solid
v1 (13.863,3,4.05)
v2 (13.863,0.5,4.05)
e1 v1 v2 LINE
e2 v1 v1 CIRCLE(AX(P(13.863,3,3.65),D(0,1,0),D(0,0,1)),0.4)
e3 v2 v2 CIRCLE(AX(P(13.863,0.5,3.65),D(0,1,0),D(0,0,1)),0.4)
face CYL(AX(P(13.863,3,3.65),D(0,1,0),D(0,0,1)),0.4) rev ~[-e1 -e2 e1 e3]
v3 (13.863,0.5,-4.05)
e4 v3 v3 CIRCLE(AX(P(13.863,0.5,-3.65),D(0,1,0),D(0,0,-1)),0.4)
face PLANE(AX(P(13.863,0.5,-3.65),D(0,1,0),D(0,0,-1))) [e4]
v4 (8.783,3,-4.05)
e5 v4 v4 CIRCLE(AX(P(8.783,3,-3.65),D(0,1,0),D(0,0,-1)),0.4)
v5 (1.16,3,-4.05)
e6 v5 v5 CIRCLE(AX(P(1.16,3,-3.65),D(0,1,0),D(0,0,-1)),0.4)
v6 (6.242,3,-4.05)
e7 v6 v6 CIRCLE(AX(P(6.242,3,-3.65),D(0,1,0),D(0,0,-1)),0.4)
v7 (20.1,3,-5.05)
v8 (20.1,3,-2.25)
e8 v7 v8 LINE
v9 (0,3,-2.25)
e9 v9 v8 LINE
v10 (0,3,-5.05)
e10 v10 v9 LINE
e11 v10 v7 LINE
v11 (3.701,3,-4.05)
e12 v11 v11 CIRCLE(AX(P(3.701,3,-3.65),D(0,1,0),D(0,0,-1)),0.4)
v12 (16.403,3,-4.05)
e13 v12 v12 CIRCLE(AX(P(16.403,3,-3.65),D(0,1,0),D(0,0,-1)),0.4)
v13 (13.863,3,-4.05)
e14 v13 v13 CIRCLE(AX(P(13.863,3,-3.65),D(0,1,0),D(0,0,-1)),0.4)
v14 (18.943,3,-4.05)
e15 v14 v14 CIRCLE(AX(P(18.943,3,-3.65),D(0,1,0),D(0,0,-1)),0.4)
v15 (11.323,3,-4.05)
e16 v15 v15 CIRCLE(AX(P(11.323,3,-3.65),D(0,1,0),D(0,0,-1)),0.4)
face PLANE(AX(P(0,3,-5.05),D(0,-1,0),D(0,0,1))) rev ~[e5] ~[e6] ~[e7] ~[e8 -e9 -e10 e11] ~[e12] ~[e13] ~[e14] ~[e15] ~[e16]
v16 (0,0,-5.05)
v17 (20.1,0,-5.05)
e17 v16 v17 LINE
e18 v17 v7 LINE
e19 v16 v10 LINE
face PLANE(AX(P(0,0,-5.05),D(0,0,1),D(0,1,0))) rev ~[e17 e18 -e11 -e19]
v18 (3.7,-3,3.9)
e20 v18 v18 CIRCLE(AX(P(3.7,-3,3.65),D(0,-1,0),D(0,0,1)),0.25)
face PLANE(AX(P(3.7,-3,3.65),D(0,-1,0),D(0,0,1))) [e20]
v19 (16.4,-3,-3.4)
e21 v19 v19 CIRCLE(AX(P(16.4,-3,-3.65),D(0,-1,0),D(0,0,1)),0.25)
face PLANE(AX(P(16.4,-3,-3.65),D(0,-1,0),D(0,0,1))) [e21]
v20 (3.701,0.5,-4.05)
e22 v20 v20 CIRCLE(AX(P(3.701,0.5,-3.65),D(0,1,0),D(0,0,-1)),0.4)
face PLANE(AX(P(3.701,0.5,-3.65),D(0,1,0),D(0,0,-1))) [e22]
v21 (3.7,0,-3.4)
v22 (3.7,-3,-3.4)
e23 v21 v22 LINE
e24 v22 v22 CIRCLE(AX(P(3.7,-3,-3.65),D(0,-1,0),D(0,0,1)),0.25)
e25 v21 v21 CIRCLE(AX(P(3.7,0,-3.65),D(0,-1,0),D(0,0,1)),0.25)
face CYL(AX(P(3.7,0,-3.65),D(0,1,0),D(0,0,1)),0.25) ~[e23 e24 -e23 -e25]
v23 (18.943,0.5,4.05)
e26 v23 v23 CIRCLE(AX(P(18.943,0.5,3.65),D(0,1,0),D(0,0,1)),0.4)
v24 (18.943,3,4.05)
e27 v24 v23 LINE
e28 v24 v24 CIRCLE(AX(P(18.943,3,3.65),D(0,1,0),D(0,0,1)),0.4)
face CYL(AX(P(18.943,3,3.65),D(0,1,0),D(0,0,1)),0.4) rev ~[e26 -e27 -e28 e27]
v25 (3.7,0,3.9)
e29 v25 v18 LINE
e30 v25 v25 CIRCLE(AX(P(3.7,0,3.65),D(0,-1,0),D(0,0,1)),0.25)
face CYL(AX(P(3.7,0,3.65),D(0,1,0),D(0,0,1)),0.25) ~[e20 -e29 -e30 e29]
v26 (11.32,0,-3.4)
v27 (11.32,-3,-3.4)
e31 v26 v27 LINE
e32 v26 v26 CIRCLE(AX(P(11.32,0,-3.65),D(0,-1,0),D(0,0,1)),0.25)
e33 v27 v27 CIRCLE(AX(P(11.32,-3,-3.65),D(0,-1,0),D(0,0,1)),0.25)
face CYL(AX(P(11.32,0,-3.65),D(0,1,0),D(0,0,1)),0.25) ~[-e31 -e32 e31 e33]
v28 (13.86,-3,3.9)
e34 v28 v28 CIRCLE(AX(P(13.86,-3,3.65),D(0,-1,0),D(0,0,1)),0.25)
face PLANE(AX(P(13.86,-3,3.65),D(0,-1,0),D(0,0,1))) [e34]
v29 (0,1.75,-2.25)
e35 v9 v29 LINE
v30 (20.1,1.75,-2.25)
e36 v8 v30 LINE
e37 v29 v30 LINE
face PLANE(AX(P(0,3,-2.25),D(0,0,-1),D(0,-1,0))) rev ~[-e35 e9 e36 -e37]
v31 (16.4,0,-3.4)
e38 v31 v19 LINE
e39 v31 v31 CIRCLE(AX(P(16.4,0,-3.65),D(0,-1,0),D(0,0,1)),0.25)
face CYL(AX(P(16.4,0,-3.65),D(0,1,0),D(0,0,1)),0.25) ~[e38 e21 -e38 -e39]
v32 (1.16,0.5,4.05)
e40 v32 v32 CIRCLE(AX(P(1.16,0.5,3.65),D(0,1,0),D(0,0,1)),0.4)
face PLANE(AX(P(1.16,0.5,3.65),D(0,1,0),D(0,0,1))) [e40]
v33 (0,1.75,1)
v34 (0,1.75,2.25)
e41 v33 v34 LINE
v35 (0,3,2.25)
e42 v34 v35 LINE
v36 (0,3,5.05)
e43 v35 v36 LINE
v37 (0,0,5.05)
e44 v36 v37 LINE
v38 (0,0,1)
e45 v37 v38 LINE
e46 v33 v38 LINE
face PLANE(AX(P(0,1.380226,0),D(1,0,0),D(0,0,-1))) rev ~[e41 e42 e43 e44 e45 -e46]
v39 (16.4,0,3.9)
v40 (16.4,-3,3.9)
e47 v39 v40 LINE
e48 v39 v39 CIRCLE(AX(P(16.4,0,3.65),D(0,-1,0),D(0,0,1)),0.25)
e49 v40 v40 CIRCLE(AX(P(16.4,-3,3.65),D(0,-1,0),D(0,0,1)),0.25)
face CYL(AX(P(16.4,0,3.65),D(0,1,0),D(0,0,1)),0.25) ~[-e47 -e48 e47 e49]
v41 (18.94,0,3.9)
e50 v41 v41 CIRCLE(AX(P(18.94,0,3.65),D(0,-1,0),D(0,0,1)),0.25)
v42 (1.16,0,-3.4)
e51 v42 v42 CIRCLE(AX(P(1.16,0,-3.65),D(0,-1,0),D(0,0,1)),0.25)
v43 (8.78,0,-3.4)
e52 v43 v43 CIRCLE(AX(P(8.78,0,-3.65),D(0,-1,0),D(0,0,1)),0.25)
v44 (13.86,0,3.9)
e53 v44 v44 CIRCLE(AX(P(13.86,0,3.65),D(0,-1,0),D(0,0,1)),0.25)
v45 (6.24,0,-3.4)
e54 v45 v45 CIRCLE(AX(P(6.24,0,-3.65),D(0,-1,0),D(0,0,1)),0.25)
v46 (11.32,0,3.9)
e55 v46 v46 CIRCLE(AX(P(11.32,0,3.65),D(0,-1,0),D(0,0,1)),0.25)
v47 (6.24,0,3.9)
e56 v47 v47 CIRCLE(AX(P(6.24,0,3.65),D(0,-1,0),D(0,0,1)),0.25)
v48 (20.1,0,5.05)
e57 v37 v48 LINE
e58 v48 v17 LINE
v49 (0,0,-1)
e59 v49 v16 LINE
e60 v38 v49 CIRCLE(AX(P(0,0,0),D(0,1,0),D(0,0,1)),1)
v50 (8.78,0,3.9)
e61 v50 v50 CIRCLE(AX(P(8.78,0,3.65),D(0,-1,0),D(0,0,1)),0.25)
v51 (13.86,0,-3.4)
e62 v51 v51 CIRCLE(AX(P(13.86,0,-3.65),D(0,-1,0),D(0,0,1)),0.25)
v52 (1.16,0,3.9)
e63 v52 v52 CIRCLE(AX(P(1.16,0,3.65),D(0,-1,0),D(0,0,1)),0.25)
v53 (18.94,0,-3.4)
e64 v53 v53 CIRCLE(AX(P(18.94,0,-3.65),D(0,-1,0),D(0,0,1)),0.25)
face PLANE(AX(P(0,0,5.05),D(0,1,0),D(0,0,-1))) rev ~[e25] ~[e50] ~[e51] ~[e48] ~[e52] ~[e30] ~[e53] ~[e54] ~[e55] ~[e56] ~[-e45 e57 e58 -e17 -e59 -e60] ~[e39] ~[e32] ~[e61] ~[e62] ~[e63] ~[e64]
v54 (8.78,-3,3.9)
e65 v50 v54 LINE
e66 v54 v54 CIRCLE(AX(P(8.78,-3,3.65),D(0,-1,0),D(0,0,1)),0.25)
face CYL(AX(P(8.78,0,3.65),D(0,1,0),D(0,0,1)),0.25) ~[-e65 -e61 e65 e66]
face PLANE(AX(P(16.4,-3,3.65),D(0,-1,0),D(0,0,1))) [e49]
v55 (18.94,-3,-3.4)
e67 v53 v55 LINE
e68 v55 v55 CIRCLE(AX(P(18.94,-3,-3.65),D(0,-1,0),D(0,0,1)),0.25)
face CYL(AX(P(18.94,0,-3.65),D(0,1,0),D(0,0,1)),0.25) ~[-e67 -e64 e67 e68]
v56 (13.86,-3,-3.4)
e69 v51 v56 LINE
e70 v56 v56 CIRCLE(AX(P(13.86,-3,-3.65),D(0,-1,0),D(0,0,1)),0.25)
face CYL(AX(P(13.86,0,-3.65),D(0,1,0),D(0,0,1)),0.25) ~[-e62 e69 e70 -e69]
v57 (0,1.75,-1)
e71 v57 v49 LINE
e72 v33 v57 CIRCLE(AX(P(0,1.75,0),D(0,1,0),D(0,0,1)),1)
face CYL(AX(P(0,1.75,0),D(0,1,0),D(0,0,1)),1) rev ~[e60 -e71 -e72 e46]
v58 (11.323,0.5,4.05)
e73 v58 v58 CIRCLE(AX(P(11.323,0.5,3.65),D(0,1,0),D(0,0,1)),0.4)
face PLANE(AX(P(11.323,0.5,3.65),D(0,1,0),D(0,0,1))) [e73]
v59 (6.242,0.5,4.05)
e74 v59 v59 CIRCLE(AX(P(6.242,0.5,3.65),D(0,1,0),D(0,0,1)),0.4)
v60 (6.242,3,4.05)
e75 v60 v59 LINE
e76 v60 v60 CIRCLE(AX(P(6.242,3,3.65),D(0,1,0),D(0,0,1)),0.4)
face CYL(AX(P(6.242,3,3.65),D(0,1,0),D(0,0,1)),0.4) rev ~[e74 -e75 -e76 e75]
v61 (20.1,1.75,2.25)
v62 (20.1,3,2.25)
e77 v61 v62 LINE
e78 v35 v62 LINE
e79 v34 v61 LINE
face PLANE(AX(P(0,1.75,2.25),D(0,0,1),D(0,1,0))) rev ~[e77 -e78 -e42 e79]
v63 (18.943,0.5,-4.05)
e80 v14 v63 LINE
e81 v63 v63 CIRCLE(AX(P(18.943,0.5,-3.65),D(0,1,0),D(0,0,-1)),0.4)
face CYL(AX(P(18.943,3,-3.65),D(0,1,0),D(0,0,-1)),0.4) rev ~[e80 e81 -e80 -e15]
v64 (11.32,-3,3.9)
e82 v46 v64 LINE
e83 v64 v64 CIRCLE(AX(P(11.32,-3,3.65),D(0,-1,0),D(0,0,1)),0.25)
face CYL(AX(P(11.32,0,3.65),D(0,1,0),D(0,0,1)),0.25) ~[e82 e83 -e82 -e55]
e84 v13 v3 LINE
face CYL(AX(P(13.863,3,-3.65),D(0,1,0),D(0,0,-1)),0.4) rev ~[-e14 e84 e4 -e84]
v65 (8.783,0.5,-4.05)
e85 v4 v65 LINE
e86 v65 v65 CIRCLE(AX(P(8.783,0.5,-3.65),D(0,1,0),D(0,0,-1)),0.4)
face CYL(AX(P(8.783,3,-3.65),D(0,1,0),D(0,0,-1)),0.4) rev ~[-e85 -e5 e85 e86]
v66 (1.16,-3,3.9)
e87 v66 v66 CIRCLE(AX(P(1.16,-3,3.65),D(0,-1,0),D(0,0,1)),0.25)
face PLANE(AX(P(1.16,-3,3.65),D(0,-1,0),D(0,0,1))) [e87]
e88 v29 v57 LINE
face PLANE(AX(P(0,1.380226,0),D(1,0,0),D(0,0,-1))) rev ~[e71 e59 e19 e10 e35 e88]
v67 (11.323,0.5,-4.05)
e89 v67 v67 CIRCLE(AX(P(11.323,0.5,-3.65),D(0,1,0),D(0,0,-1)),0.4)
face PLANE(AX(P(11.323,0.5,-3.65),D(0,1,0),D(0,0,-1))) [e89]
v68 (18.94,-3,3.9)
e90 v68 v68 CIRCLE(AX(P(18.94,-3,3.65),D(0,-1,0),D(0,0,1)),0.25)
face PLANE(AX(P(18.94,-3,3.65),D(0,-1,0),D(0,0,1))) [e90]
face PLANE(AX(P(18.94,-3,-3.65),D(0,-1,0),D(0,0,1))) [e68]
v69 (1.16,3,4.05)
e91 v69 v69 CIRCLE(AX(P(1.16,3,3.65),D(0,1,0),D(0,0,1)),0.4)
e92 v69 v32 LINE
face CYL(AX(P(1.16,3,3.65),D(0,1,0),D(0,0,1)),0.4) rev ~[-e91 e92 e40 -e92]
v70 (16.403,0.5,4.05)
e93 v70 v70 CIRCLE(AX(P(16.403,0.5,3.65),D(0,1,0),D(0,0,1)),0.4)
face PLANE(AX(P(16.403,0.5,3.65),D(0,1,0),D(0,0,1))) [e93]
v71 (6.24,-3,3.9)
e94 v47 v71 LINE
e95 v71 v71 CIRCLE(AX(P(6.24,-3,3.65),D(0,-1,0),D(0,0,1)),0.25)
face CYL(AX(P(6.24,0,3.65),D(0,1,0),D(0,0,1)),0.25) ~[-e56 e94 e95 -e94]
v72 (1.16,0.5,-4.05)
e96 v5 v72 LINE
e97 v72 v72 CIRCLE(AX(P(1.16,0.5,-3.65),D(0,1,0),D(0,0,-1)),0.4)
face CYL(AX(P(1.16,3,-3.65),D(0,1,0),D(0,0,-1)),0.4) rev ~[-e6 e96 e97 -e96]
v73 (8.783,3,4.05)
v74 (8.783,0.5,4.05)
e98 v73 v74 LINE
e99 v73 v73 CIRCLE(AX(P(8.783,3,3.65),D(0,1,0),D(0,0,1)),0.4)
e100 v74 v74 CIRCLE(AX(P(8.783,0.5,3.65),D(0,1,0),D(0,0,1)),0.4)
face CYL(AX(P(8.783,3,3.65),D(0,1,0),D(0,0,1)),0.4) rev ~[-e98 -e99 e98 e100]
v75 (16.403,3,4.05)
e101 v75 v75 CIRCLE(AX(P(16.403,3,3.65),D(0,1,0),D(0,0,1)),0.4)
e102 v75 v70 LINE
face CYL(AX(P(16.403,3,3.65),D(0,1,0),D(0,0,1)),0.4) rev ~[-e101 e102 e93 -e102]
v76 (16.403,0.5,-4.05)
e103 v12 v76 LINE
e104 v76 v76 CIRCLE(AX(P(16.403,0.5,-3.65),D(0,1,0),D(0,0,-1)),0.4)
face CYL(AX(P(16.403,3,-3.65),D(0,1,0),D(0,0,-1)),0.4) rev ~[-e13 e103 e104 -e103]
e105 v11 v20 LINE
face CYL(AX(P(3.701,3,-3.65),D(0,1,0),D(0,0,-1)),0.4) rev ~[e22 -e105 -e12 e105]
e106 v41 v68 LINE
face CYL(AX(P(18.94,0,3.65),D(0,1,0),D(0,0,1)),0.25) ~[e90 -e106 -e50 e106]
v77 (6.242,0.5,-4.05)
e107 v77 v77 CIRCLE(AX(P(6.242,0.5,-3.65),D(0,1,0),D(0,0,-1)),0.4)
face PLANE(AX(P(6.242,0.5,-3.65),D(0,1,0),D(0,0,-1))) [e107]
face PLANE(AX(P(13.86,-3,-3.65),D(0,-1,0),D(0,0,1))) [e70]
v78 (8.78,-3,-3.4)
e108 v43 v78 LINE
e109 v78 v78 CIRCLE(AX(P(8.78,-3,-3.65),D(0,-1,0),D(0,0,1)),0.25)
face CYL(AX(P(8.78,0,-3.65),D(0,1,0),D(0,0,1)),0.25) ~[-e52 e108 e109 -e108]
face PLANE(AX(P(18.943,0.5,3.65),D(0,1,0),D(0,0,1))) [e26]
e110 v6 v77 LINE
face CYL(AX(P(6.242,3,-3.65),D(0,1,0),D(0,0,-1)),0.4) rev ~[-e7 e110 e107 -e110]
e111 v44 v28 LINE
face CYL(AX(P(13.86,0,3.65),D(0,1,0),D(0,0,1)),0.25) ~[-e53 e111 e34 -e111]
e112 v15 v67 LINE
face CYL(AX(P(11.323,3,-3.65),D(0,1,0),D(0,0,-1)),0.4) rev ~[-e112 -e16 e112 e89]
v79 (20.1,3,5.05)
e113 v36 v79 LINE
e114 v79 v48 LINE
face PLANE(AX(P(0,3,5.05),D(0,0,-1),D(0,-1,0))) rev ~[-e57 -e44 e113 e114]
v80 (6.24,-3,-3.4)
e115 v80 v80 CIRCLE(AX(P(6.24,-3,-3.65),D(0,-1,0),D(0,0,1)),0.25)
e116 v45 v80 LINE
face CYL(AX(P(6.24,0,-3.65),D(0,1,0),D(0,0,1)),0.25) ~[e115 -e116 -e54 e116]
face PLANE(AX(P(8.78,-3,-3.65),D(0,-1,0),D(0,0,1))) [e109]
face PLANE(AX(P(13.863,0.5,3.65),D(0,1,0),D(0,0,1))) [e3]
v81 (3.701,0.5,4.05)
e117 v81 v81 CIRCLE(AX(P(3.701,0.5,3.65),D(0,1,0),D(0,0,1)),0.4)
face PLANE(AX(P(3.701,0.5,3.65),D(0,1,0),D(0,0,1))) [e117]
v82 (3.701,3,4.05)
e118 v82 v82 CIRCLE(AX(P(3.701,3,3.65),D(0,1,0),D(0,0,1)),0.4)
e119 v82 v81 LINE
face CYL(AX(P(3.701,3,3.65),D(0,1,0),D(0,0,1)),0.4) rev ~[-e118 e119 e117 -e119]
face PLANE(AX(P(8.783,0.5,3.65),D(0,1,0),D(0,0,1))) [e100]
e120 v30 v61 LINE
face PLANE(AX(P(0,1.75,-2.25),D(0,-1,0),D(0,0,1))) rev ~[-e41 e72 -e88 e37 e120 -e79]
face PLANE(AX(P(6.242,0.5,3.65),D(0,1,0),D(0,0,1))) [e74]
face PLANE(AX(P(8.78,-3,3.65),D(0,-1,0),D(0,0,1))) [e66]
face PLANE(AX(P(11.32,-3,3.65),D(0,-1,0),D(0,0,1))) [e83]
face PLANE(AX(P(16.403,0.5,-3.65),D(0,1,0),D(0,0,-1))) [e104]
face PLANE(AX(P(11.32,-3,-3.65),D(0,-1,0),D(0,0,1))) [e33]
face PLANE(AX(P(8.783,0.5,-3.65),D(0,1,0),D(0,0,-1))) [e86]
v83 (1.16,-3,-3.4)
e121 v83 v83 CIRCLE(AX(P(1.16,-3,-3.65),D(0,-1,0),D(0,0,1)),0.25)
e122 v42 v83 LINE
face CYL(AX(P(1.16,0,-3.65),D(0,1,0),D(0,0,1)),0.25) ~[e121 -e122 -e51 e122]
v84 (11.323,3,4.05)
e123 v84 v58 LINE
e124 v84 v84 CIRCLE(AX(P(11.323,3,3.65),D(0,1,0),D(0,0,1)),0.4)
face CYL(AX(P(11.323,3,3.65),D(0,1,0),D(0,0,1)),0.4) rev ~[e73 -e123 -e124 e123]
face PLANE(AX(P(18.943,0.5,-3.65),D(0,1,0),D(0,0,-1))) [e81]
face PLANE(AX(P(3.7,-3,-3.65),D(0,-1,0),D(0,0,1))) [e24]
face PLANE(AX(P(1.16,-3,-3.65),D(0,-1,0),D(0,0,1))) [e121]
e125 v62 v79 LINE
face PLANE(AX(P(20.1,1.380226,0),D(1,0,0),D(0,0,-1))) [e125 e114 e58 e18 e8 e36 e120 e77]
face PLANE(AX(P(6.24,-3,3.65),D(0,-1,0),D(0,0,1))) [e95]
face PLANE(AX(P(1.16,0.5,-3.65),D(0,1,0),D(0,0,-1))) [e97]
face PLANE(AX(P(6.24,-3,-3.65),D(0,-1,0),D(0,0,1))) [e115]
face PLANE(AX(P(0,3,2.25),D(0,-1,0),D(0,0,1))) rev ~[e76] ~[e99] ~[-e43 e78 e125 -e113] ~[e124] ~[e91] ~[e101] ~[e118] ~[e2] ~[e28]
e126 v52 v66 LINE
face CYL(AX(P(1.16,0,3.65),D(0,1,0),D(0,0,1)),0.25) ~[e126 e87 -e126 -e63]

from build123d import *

# Parameters (mm, degrees)
EXTRUSION1_DEPTH        = 20.1
ENL_V_MAT_EXTRU_1_DEPTH = 2.75
ESQUISSE3_R             = 0.4
ENL_V_MAT_EXTRU_2_DEPTH = 2.5
ESQUISSE5_R             = 0.25
EXTRUSION2_DEPTH        = 3


with BuildPart() as part:
    # Esquisse1 → Extrusion1 (new body)
    with BuildSketch(Plane(origin=(0, 0, 0), x_dir=(0, 0, -1), z_dir=(1, 0, 0))):
        Polygon((-2.25, 1.75), (-2.25, 3), (-5.05, 3), (-5.05, 0), (5.05, 0), (5.05, 3), (2.25, 3), (2.25, 1.75), align=None)
    extrude(amount=EXTRUSION1_DEPTH)

    # Esquisse2 → Enlèv. mat.-Extru.1 (cut, through all)
    with BuildSketch(Plane(origin=(0, 1.75, 0), x_dir=(-1, 0, 0), z_dir=(0, 1, 0))):
        with BuildLine():
            Line((0, -1), (0, 1))
            ThreePointArc((0, 1), (-1, 0), (0, -1))
        make_face()
    extrude(amount=-ENL_V_MAT_EXTRU_1_DEPTH, mode=Mode.SUBTRACT)

    # Esquisse3 → Enlèv. mat.-Extru.2 (cut)
    with BuildSketch(Plane(origin=(0, 3, 0), x_dir=(-1, 0, 0), z_dir=(0, 1, 0))):
        with Locations(Location((-1.16, 3.65, 0), (0, 0, 90))):  # turned: the seam where the file's is
            Circle(ESQUISSE3_R)
        with Locations(Location((-1.16, -3.65, 0), (0, 0, 270))):  # turned: the seam where the file's is
            Circle(ESQUISSE3_R)
        with Locations(Location((-3.701, 3.65, 0), (0, 0, 90))):  # turned: the seam where the file's is
            Circle(ESQUISSE3_R)
        with Locations(Location((-3.701, -3.65, 0), (0, 0, 270))):  # turned: the seam where the file's is
            Circle(ESQUISSE3_R)
        with Locations(Location((-6.242, 3.65, 0), (0, 0, 90))):  # turned: the seam where the file's is
            Circle(ESQUISSE3_R)
        with Locations(Location((-6.242, -3.65, 0), (0, 0, 270))):  # turned: the seam where the file's is
            Circle(ESQUISSE3_R)
        with Locations(Location((-8.783, 3.65, 0), (0, 0, 90))):  # turned: the seam where the file's is
            Circle(ESQUISSE3_R)
        with Locations(Location((-8.783, -3.65, 0), (0, 0, 270))):  # turned: the seam where the file's is
            Circle(ESQUISSE3_R)
        with Locations(Location((-11.323, 3.65, 0), (0, 0, 90))):  # turned: the seam where the file's is
            Circle(ESQUISSE3_R)
        with Locations(Location((-11.323, -3.65, 0), (0, 0, 270))):  # turned: the seam where the file's is
            Circle(ESQUISSE3_R)
        with Locations(Location((-13.863, 3.65, 0), (0, 0, 90))):  # turned: the seam where the file's is
            Circle(ESQUISSE3_R)
        with Locations(Location((-13.863, -3.65, 0), (0, 0, 270))):  # turned: the seam where the file's is
            Circle(ESQUISSE3_R)
        with Locations(Location((-16.403, 3.65, 0), (0, 0, 90))):  # turned: the seam where the file's is
            Circle(ESQUISSE3_R)
        with Locations(Location((-16.403, -3.65, 0), (0, 0, 270))):  # turned: the seam where the file's is
            Circle(ESQUISSE3_R)
        with Locations(Location((-18.943, 3.65, 0), (0, 0, 90))):  # turned: the seam where the file's is
            Circle(ESQUISSE3_R)
        with Locations(Location((-18.943, -3.65, 0), (0, 0, 270))):  # turned: the seam where the file's is
            Circle(ESQUISSE3_R)
    extrude(amount=-ENL_V_MAT_EXTRU_2_DEPTH, mode=Mode.SUBTRACT)

    # Esquisse5 → Extrusion2 (add)
    with BuildSketch(Plane.XZ):
        with Locations(Location((1.16, 3.65, 0), (0, 0, 90))):  # turned: the seam where the file's is
            Circle(ESQUISSE5_R)
        with Locations(Location((1.16, -3.65, 0), (0, 0, 90))):  # turned: the seam where the file's is
            Circle(ESQUISSE5_R)
        with Locations(Location((3.7, -3.65, 0), (0, 0, 90))):  # turned: the seam where the file's is
            Circle(ESQUISSE5_R)
        with Locations(Location((3.7, 3.65, 0), (0, 0, 90))):  # turned: the seam where the file's is
            Circle(ESQUISSE5_R)
        with Locations(Location((6.24, -3.65, 0), (0, 0, 90))):  # turned: the seam where the file's is
            Circle(ESQUISSE5_R)
        with Locations(Location((6.24, 3.65, 0), (0, 0, 90))):  # turned: the seam where the file's is
            Circle(ESQUISSE5_R)
        with Locations(Location((8.78, -3.65, 0), (0, 0, 90))):  # turned: the seam where the file's is
            Circle(ESQUISSE5_R)
        with Locations(Location((8.78, 3.65, 0), (0, 0, 90))):  # turned: the seam where the file's is
            Circle(ESQUISSE5_R)
        with Locations(Location((11.32, -3.65, 0), (0, 0, 90))):  # turned: the seam where the file's is
            Circle(ESQUISSE5_R)
        with Locations(Location((11.32, 3.65, 0), (0, 0, 90))):  # turned: the seam where the file's is
            Circle(ESQUISSE5_R)
        with Locations(Location((13.86, -3.65, 0), (0, 0, 90))):  # turned: the seam where the file's is
            Circle(ESQUISSE5_R)
        with Locations(Location((13.86, 3.65, 0), (0, 0, 90))):  # turned: the seam where the file's is
            Circle(ESQUISSE5_R)
        with Locations(Location((16.4, -3.65, 0), (0, 0, 90))):  # turned: the seam where the file's is
            Circle(ESQUISSE5_R)
        with Locations(Location((16.4, 3.65, 0), (0, 0, 90))):  # turned: the seam where the file's is
            Circle(ESQUISSE5_R)
        with Locations(Location((18.94, -3.65, 0), (0, 0, 90))):  # turned: the seam where the file's is
            Circle(ESQUISSE5_R)
        with Locations(Location((18.94, 3.65, 0), (0, 0, 90))):  # turned: the seam where the file's is
            Circle(ESQUISSE5_R)
    extrude(amount=EXTRUSION2_DEPTH)


solid = part.part
